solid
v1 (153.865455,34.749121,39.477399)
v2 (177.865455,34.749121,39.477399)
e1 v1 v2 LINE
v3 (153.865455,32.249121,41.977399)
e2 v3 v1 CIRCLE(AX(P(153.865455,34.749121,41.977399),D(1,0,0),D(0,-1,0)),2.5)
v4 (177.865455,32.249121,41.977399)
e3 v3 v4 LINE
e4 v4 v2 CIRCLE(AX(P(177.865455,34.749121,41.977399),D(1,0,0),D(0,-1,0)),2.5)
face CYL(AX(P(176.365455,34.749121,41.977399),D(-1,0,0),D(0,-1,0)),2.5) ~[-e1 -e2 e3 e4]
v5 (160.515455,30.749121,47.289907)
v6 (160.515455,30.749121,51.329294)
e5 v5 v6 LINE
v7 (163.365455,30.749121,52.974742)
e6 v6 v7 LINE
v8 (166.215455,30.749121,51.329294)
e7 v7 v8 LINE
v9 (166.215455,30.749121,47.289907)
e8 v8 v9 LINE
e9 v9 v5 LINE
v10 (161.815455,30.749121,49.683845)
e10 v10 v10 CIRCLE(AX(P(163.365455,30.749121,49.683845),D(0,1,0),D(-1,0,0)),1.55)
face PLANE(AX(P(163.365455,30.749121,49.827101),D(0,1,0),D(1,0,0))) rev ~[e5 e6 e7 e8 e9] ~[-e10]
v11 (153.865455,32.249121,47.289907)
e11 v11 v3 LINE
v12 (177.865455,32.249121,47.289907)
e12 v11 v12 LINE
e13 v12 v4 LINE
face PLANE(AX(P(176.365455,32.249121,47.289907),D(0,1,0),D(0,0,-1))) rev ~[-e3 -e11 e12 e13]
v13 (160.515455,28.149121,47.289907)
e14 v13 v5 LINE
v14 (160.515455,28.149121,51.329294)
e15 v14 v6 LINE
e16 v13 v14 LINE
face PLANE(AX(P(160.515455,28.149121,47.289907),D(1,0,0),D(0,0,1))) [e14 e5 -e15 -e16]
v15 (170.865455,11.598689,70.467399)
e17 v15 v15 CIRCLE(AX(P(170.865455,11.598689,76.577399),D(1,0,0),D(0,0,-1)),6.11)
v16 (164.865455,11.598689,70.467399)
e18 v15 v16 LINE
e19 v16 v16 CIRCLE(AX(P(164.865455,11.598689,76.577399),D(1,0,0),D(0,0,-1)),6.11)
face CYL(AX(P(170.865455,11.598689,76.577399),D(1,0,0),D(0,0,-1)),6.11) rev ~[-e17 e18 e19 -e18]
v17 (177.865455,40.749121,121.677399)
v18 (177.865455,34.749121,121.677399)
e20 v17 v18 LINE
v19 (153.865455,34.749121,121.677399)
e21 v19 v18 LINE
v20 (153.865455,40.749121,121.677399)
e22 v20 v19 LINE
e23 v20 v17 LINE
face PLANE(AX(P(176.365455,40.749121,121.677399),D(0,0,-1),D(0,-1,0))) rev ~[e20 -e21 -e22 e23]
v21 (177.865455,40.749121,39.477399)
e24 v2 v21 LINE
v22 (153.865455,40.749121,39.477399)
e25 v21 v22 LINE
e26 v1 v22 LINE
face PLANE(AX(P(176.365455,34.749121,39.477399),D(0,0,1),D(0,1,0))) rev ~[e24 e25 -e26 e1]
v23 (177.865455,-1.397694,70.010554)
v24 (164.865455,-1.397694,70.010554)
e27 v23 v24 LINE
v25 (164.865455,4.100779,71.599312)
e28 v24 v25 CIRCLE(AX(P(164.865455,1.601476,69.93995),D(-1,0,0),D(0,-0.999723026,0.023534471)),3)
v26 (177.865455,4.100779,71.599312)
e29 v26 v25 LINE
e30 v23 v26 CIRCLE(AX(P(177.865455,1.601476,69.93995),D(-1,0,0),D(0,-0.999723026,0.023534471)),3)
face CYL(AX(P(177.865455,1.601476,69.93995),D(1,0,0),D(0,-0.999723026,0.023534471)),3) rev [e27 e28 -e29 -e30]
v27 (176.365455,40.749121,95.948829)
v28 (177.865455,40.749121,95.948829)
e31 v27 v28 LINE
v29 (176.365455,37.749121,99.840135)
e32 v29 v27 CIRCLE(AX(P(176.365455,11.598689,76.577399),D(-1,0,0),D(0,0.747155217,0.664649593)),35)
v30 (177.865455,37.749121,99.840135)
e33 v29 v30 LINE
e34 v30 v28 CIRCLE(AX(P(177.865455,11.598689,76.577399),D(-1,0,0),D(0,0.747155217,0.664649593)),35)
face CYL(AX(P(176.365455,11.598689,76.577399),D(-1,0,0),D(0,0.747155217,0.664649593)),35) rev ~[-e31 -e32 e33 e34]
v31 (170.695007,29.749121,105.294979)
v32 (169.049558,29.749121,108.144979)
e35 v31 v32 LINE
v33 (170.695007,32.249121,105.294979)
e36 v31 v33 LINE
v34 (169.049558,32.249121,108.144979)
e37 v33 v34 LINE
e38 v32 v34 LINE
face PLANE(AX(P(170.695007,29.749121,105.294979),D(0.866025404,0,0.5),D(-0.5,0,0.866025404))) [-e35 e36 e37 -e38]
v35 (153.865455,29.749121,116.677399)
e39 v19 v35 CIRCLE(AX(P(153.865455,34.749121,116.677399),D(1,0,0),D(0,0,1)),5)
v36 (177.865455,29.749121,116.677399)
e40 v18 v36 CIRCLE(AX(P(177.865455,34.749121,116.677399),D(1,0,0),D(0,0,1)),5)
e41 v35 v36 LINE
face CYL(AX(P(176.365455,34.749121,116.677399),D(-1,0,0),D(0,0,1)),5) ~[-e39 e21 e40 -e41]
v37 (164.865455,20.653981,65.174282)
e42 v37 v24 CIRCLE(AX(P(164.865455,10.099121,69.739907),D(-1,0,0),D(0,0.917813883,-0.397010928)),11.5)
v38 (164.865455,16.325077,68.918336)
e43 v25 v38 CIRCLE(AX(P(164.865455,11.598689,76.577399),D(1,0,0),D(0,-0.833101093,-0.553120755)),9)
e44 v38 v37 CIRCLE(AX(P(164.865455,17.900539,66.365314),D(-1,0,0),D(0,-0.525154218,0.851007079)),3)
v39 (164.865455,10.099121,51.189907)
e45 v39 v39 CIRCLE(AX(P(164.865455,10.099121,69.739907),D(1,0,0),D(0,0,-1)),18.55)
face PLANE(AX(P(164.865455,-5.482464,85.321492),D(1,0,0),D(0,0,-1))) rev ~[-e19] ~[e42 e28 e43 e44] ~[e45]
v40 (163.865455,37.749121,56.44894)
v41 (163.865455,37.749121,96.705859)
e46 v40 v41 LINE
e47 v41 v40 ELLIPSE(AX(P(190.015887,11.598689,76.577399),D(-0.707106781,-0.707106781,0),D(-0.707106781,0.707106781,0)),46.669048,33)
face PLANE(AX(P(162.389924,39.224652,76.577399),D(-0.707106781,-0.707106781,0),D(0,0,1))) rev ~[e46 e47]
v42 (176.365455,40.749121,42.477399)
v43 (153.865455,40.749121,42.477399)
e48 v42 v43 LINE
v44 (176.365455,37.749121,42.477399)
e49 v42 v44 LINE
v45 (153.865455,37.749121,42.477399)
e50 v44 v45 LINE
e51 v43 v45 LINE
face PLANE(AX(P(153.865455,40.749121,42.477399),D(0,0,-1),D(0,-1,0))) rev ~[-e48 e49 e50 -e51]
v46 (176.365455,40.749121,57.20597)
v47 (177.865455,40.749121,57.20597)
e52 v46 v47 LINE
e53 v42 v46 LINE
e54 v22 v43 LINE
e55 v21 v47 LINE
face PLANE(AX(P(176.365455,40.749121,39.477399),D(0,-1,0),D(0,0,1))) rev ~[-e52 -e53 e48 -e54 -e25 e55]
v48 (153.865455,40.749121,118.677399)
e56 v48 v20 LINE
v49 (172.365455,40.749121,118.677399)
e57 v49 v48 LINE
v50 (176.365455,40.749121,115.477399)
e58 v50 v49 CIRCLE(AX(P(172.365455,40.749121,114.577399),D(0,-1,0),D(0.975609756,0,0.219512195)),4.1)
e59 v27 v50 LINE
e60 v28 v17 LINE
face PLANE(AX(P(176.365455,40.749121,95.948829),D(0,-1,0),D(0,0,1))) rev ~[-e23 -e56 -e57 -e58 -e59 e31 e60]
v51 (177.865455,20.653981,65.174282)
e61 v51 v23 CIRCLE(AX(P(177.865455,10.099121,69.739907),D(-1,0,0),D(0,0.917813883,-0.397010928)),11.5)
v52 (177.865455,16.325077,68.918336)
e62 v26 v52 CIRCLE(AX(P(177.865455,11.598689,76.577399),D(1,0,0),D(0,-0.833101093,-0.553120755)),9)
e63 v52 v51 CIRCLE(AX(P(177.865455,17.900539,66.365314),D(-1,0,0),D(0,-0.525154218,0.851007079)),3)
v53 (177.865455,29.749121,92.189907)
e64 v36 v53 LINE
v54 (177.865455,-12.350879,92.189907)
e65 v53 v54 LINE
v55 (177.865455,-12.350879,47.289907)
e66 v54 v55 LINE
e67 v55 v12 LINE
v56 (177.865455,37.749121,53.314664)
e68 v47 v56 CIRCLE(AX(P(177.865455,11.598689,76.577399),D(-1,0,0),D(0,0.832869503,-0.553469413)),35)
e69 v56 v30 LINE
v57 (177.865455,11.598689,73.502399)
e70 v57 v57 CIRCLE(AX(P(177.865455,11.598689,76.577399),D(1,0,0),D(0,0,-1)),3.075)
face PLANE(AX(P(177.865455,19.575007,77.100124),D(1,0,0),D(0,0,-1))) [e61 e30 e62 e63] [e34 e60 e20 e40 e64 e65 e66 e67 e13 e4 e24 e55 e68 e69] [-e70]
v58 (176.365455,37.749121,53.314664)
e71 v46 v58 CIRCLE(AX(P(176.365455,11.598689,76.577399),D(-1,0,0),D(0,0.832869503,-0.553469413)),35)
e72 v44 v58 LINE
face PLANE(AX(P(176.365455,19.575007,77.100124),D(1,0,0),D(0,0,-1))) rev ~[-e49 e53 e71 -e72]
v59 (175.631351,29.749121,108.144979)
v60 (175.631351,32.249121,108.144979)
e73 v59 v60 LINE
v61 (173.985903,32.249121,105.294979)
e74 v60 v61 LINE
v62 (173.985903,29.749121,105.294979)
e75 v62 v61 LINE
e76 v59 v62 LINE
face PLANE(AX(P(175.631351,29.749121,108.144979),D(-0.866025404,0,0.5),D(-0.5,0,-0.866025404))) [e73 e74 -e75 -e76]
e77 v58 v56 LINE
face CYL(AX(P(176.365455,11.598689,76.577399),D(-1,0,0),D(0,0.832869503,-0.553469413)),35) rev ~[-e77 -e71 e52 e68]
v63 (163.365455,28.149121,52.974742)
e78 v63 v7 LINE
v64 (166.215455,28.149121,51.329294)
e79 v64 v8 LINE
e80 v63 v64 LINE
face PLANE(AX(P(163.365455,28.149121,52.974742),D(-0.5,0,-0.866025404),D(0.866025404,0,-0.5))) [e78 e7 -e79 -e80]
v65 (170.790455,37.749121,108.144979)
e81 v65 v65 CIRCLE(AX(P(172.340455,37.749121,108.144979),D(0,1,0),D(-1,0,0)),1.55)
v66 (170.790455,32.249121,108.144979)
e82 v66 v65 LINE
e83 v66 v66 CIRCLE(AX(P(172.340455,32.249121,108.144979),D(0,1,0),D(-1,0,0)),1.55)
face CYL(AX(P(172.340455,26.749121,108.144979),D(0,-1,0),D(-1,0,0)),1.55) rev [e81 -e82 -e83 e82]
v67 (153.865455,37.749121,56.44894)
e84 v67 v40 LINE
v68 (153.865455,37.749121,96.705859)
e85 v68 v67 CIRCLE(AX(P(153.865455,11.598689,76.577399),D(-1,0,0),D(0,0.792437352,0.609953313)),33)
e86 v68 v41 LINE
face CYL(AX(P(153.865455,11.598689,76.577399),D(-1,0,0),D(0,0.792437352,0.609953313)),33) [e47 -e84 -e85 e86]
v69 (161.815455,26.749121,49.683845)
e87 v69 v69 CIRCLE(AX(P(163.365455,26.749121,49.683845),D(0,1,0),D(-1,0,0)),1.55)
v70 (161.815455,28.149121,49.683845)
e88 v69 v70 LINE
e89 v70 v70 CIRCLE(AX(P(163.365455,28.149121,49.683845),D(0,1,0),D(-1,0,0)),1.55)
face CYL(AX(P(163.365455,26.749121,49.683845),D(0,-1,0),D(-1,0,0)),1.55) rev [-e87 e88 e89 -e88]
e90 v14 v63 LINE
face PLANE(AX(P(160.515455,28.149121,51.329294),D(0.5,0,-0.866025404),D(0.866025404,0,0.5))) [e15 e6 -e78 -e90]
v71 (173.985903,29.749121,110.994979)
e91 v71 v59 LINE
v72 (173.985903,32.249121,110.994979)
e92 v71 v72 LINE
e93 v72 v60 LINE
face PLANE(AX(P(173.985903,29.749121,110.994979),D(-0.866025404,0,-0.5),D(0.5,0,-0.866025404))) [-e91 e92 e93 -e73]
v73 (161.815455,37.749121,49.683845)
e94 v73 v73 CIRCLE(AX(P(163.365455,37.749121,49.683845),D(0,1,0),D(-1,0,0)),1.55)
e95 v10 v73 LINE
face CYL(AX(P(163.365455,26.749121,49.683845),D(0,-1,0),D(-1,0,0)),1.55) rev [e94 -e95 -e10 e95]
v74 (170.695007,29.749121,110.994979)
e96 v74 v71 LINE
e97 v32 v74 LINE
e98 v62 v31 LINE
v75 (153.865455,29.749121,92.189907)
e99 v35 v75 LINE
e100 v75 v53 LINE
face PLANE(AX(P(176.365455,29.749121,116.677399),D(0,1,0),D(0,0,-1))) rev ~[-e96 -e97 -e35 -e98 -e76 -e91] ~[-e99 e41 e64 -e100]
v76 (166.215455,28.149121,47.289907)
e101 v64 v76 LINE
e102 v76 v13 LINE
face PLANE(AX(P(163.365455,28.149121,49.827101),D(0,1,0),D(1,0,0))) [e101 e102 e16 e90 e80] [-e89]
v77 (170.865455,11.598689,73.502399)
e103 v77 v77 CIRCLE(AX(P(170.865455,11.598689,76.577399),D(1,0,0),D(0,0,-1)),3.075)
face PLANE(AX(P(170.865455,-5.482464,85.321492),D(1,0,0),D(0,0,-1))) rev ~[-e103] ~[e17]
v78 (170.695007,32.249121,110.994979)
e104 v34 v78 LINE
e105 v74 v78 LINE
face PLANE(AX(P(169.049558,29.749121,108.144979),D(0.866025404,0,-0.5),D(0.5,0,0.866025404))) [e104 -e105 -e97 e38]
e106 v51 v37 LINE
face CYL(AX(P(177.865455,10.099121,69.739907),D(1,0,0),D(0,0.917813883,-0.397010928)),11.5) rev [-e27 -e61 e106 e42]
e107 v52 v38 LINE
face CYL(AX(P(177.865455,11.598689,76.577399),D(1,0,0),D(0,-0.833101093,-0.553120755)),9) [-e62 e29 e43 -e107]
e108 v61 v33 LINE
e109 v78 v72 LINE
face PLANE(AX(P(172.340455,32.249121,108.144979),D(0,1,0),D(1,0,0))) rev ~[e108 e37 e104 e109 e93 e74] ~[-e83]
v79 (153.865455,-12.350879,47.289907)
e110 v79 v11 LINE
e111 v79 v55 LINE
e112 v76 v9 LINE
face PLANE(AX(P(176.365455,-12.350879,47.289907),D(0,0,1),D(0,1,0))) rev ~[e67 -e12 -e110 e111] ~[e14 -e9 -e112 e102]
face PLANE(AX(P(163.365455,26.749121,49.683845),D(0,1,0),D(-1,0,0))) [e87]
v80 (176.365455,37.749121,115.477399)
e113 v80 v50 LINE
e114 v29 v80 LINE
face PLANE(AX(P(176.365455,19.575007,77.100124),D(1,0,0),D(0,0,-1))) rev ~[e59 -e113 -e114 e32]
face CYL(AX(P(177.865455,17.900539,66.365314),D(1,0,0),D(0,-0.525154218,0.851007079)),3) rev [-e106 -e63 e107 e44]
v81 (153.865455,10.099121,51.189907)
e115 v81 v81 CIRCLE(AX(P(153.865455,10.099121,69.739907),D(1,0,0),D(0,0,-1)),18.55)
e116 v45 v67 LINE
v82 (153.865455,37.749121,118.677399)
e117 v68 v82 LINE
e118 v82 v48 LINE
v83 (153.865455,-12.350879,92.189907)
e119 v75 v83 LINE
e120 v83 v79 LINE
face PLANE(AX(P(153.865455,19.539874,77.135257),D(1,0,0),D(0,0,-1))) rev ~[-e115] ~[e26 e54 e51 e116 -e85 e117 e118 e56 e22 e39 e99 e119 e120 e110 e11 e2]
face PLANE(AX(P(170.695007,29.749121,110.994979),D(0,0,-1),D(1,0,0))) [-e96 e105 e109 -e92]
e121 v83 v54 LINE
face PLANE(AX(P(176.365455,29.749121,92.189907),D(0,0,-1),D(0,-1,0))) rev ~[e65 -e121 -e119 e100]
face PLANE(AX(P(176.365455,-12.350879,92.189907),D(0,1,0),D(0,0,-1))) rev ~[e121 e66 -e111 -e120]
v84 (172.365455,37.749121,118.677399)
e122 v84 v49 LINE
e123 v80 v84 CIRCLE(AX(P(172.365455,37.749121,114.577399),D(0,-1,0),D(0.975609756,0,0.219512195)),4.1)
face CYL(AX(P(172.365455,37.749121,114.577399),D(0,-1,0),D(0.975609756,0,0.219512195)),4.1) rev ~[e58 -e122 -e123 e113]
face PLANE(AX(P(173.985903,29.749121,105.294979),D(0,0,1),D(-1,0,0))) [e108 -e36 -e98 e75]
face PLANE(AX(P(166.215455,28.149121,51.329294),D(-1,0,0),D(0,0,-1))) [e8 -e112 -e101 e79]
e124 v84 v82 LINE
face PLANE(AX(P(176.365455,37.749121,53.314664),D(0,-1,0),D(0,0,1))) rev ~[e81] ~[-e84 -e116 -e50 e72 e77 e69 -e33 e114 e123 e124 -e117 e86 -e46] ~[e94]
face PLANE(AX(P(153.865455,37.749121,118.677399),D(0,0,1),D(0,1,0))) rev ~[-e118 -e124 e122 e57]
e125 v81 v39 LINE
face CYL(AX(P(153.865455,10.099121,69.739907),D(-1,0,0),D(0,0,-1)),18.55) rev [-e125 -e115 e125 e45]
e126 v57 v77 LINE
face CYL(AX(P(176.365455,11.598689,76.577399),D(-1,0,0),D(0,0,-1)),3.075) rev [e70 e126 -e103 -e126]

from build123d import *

# Parameters (mm, degrees)
SKETCH1_R           = 22.45
SKETCH1_R_2         = 6.11
SKETCH1_R_3         = 18.55
SKETCH1_R_4         = 5.25
SKETCH1_R_5         = 3.075
BOSS_EXTRUDE1_DEPTH = 5.5
SKETCH1_3_R         = 22.45
SKETCH1_3_R_2       = 6.11
SKETCH1_3_R_3       = 18.55
BOSS_EXTRUDE2_DEPTH = 6
BOSS_EXTRUDE3_START = -17
SKETCH1_4_R         = 18.55
BOSS_EXTRUDE3_DEPTH = 11
BOSS_EXTRUDE4_DEPTH = 10
DRAFT1_ANGLE        = 45
BOSS_EXTRUDE5_DEPTH = 3
SKETCH4_R           = 3.075
BOSS_EXTRUDE6_DEPTH = 1.5
CUT_EXTRUDE1_START  = -11
SKETCH3_4_R         = 1.55
CUT_EXTRUDE1_DEPTH  = 11
CUT_EXTRUDE2_START  = -9.6
SKETCH3_5_R         = 1.55
CUT_EXTRUDE2_DEPTH  = 2.6
CUT_EXTRUDE3_START  = -8
SKETCH3_6_R         = 1.55
CUT_EXTRUDE3_DEPTH  = 2.5
CUT_EXTRUDE4_DEPTH  = 13


with BuildPart() as part:
    # Sketch1 → Boss-Extrude1 (new body)
    with BuildSketch(Plane(origin=(170.865454796, 0, 0), x_dir=(0, 0, -1), z_dir=(1, 0, 0))):
        with BuildLine():
            ThreePointArc((-69.739907234, -12.350878767), (-85.614454471, -5.775426005), (-92.189907234, 10.099121233))
            Line((-92.189907234, 10.099121233), (-92.189907234, -12.350878767))
            Line((-92.189907234, -12.350878767), (-69.739907234, -12.350878767))
        make_face()
        with BuildLine():
            Line((-116.677399291, 29.749121233), (-92.189907234, 29.749121233))
            Line((-92.189907234, 29.749121233), (-92.189907234, 10.099121233))
            ThreePointArc((-92.189907234, 10.099121233), (-69.739907234, 32.549121233), (-47.289907234, 10.099121233))
            Line((-47.289907234, 10.099121233), (-47.289907234, 32.249121233))
            Line((-47.289907234, 32.249121233), (-41.977399291, 32.249121233))
            ThreePointArc((-41.977399291, 32.249121233), (-40.209632338, 32.98135428), (-39.477399291, 34.749121233))
            Line((-39.477399291, 34.749121233), (-39.477399291, 40.749121233))
            Line((-39.477399291, 40.749121233), (-42.477399291, 40.749121233))
            Line((-42.477399291, 40.749121233), (-42.477399291, 37.749121233))
            Line((-42.477399291, 37.749121233), (-118.677399291, 37.749121233))
            Line((-118.677399291, 37.749121233), (-118.677399291, 40.749121233))
            Line((-118.677399291, 40.749121233), (-121.677399291, 40.749121233))
            Line((-121.677399291, 40.749121233), (-121.677399291, 34.749121233))
            ThreePointArc((-121.677399291, 34.749121233), (-120.212933197, 31.213587327), (-116.677399291, 29.749121233))
        make_face()
        with BuildLine():
            Line((-47.289907234, -12.350878767), (-47.289907234, 10.099121233))
            ThreePointArc((-47.289907234, 10.099121233), (-53.865359996, -5.775426005), (-69.739907234, -12.350878767))
            Line((-69.739907234, -12.350878767), (-47.289907234, -12.350878767))
        make_face()
        with Locations((-69.739907234, 10.099121233)):
            Circle(SKETCH1_R)
        with Locations((-76.577399291, 11.598688626)):
            Circle(SKETCH1_R_2, mode=Mode.SUBTRACT)
        with Locations((-69.739907234, 10.099121233)):
            Circle(SKETCH1_R_3)
        with Locations((-76.577399291, 11.598688626)):
            Circle(SKETCH1_R_2, mode=Mode.SUBTRACT)
        with Locations((-76.577399291, 11.598688626)):
            Circle(SKETCH1_R_2)
        with Locations((-76.577399291, 11.598688626)):
            Circle(SKETCH1_R_4, mode=Mode.SUBTRACT)
        with Locations((-76.577399291, 11.598688626)):
            Circle(SKETCH1_R_4)
        with Locations((-76.577399291, 11.598688626)):
            Circle(SKETCH1_R_5, mode=Mode.SUBTRACT)
    extrude(amount=BOSS_EXTRUDE1_DEPTH)

    # Sketch1<3> → Boss-Extrude2 (add)
    with BuildSketch(Plane(origin=(170.865454796, 0, 0), x_dir=(0, 0, -1), z_dir=(1, 0, 0))):
        with BuildLine():
            ThreePointArc((-69.739907234, -12.350878767), (-85.614454471, -5.775426005), (-92.189907234, 10.099121233))
            Line((-92.189907234, 10.099121233), (-92.189907234, -12.350878767))
            Line((-92.189907234, -12.350878767), (-69.739907234, -12.350878767))
        make_face()
        with BuildLine():
            Line((-47.289907234, -12.350878767), (-47.289907234, 10.099121233))
            ThreePointArc((-47.289907234, 10.099121233), (-53.865359996, -5.775426005), (-69.739907234, -12.350878767))
            Line((-69.739907234, -12.350878767), (-47.289907234, -12.350878767))
        make_face()
        with BuildLine():
            Line((-116.677399291, 29.749121233), (-92.189907234, 29.749121233))
            Line((-92.189907234, 29.749121233), (-92.189907234, 10.099121233))
            ThreePointArc((-92.189907234, 10.099121233), (-69.739907234, 32.549121233), (-47.289907234, 10.099121233))
            Line((-47.289907234, 10.099121233), (-47.289907234, 32.249121233))
            Line((-47.289907234, 32.249121233), (-41.977399291, 32.249121233))
            ThreePointArc((-41.977399291, 32.249121233), (-40.209632338, 32.98135428), (-39.477399291, 34.749121233))
            Line((-39.477399291, 34.749121233), (-39.477399291, 40.749121233))
            Line((-39.477399291, 40.749121233), (-42.477399291, 40.749121233))
            Line((-42.477399291, 40.749121233), (-42.477399291, 37.749121233))
            Line((-42.477399291, 37.749121233), (-118.677399291, 37.749121233))
            Line((-118.677399291, 37.749121233), (-118.677399291, 40.749121233))
            Line((-118.677399291, 40.749121233), (-121.677399291, 40.749121233))
            Line((-121.677399291, 40.749121233), (-121.677399291, 34.749121233))
            ThreePointArc((-121.677399291, 34.749121233), (-120.212933197, 31.213587327), (-116.677399291, 29.749121233))
        make_face()
        with Locations((-69.739907234, 10.099121233)):
            Circle(SKETCH1_3_R)
        with Locations((-76.577399291, 11.598688626)):
            Circle(SKETCH1_3_R_2, mode=Mode.SUBTRACT)
        with Locations((-69.739907234, 10.099121233)):
            Circle(SKETCH1_3_R_3)
        with Locations((-76.577399291, 11.598688626)):
            Circle(SKETCH1_3_R_2, mode=Mode.SUBTRACT)
    extrude(amount=-BOSS_EXTRUDE2_DEPTH)

    # Sketch1<4> → Boss-Extrude3 (add)
    with BuildSketch(Plane(origin=(170.865454796, 0, 0), x_dir=(0, 0, -1), z_dir=(1, 0, 0)).offset(BOSS_EXTRUDE3_START)):
        with BuildLine():
            Line((-116.677399291, 29.749121233), (-92.189907234, 29.749121233))
            Line((-92.189907234, 29.749121233), (-92.189907234, -12.350878767))
            Line((-92.189907234, -12.350878767), (-47.289907234, -12.350878767))
            Line((-47.289907234, -12.350878767), (-47.289907234, 32.249121233))
            Line((-47.289907234, 32.249121233), (-41.977399291, 32.249121233))
            ThreePointArc((-41.977399291, 32.249121233), (-40.209632338, 32.98135428), (-39.477399291, 34.749121233))
            Line((-39.477399291, 34.749121233), (-39.477399291, 40.749121233))
            Line((-39.477399291, 40.749121233), (-42.477399291, 40.749121233))
            Line((-42.477399291, 40.749121233), (-42.477399291, 37.749121233))
            Line((-42.477399291, 37.749121233), (-118.677399291, 37.749121233))
            Line((-118.677399291, 37.749121233), (-118.677399291, 40.749121233))
            Line((-118.677399291, 40.749121233), (-121.677399291, 40.749121233))
            Line((-121.677399291, 40.749121233), (-121.677399291, 34.749121233))
            ThreePointArc((-121.677399291, 34.749121233), (-120.212933197, 31.213587327), (-116.677399291, 29.749121233))
        make_face()
        with Locations((-69.739907234, 10.099121233)):
            Circle(SKETCH1_4_R, mode=Mode.SUBTRACT)
    extrude(amount=BOSS_EXTRUDE3_DEPTH)

    # Sketch2 → Boss-Extrude4 (add)
    with BuildSketch(Plane.ZY.offset(-153.865454796)):
        with BuildLine():
            Line((56.448939974, 37.749121233), (96.705858608, 37.749121233))
            ThreePointArc((96.705858608, 37.749121233), (76.577399291, 44.598688626), (56.448939974, 37.749121233))
        make_face()
    extrude(amount=-BOSS_EXTRUDE4_DEPTH)

    # Draft1
    draft1_faces = [part.faces().sort_by_distance(p)[0] for p in [
        (163.865454796, 40.514883149, 76.577399291),
    ]]
    draft(draft1_faces, Plane(origin=(274.224792623, 37.749121233, 0), x_dir=(1, 0, 0), z_dir=(0, 1, 0)), DRAFT1_ANGLE)

    # Sketch3 → Boss-Extrude5 (add)
    with BuildSketch(Plane(origin=(0, 37.749121233, 0), x_dir=(1, 0, 0), z_dir=(0, 1, 0))):
        with BuildLine():
            Line((176.365454796, -118.677399291), (176.365454796, -115.477399292))
            ThreePointArc((176.365454796, -115.477399292), (174.926704491, -117.77896141), (172.365454796, -118.677399291))
            Line((172.365454796, -118.677399291), (176.365454796, -118.677399291))
        make_face()
    extrude(amount=BOSS_EXTRUDE5_DEPTH)

    # Sketch4 → Boss-Extrude6 (add)
    with BuildSketch(Plane(origin=(176.365454796, 0, 0), x_dir=(0, 0, -1), z_dir=(1, 0, 0))):
        with BuildLine():
            Line((-115.477399292, 37.749121233), (-115.477399292, 40.749121233))
            Line((-115.477399292, 40.749121233), (-121.677399291, 40.749121233))
            Line((-121.677399291, 40.749121233), (-121.677399291, 34.749121233))
            ThreePointArc((-121.677399291, 34.749121233), (-120.212933197, 31.213587327), (-116.677399291, 29.749121233))
            Line((-116.677399291, 29.749121233), (-92.189907234, 29.749121233))
            Line((-92.189907234, 29.749121233), (-92.189907234, -12.350878767))
            Line((-92.189907234, -12.350878767), (-47.289907234, -12.350878767))
            Line((-47.289907234, -12.350878767), (-47.289907234, 32.249121233))
            Line((-47.289907234, 32.249121233), (-41.977399291, 32.249121233))
            ThreePointArc((-41.977399291, 32.249121233), (-40.209632338, 32.98135428), (-39.477399291, 34.749121233))
            Line((-39.477399291, 34.749121233), (-39.477399291, 40.749121233))
            Line((-39.477399291, 40.749121233), (-42.477399291, 40.749121233))
            Line((-42.477399291, 40.749121233), (-42.477399291, 37.749121233))
            Line((-42.477399291, 37.749121233), (-53.314663543, 37.749121233))
            Line((-53.314663543, 37.749121233), (-99.840135039, 37.749121233))
            Line((-99.840135039, 37.749121233), (-115.477399292, 37.749121233))
        make_face()
        with Locations((-76.577399291, 11.598688626)):
            Circle(SKETCH4_R, mode=Mode.SUBTRACT)
        with BuildLine():
            Line((-95.948828739, 40.749121233), (-115.477399292, 40.749121233))
            Line((-115.477399292, 40.749121233), (-115.477399292, 37.749121233))
            Line((-115.477399292, 37.749121233), (-99.840135039, 37.749121233))
            ThreePointArc((-99.840135039, 37.749121233), (-97.9471913, 39.31749072), (-95.948828739, 40.749121233))
        make_face()
        with BuildLine():
            ThreePointArc((-57.205969843, 40.749121233), (-55.207607282, 39.31749072), (-53.314663543, 37.749121233))
            Line((-53.314663543, 37.749121233), (-42.477399291, 37.749121233))
            Line((-42.477399291, 37.749121233), (-42.477399291, 40.749121233))
            Line((-42.477399291, 40.749121233), (-57.205969843, 40.749121233))
        make_face()
    extrude(amount=BOSS_EXTRUDE6_DEPTH)

    # Sketch3<4> → Cut-Extrude1 (cut)
    with BuildSketch(Plane(origin=(0, 37.749121233, 0), x_dir=(1, 0, 0), z_dir=(0, 1, 0)).offset(CUT_EXTRUDE1_START)):
        with Locations(Location((172.340454796, -108.144978953, 0), (0, 0, 180))):
            Circle(SKETCH3_4_R)
        with Locations(Location((163.365454796, -49.683845424, 0), (0, 0, 180))):
            Circle(SKETCH3_4_R)
    extrude(amount=CUT_EXTRUDE1_DEPTH, mode=Mode.SUBTRACT)

    # Sketch3<5> → Cut-Extrude2 (cut)
    with BuildSketch(Plane(origin=(0, 37.749121233, 0), x_dir=(1, 0, 0), z_dir=(0, 1, 0)).offset(CUT_EXTRUDE2_START)):
        Polygon((164.91903222, -47.289907234), (161.811877372, -47.289907234), (160.515454796, -48.038397157), (160.515454796, -51.329293692), (163.365454796, -52.974741959), (166.215454796, -51.329293692), (166.215454796, -48.038397157), align=None)
        with Locations(Location((163.365454796, -49.683845424, 0), (0, 0, 180))):
            Circle(SKETCH3_5_R, mode=Mode.SUBTRACT)
        Polygon((166.215454796, -47.289907234), (164.91903222, -47.289907234), (166.215454796, -48.038397157), align=None)
        Polygon((160.515454796, -48.038397157), (161.811877372, -47.289907234), (160.515454796, -47.289907234), align=None)
    extrude(amount=CUT_EXTRUDE2_DEPTH, mode=Mode.SUBTRACT)

    # Sketch3<6> → Cut-Extrude3 (cut)
    with BuildSketch(Plane(origin=(0, 37.749121233, 0), x_dir=(1, 0, 0), z_dir=(0, 1, 0)).offset(CUT_EXTRUDE3_START)):
        Polygon((170.695006529, -110.994978953), (173.985903063, -110.994978953), (175.63135133, -108.144978953), (173.985903063, -105.294978953), (170.695006529, -105.294978953), (169.049558261, -108.144978953), align=None)
        with Locations(Location((172.340454796, -108.144978953, 0), (0, 0, 180))):
            Circle(SKETCH3_6_R, mode=Mode.SUBTRACT)
    extrude(amount=CUT_EXTRUDE3_DEPTH, mode=Mode.SUBTRACT)

    # Sketch5 → Cut-Extrude4 (cut)
    with BuildSketch(Plane(origin=(177.865454796, 0, 0), x_dir=(0, 0, -1), z_dir=(1, 0, 0))):
        with BuildLine():
            ThreePointArc((-65.174281564, 20.653980883), (-58.506884568, 7.635546229), (-70.01055365, -1.397693566))
            ThreePointArc((-70.01055365, -1.397693566), (-72.822049276, 0.768705961), (-71.5993125, 4.100778791))
            ThreePointArc((-71.5993125, 4.100778791), (-67.786338075, 9.670673406), (-68.918335583, 16.325076583))
            ThreePointArc((-68.918335583, 16.325076583), (-68.634368389, 19.863036052), (-65.174281564, 20.653980883))
        make_face()
    extrude(amount=-CUT_EXTRUDE4_DEPTH, mode=Mode.SUBTRACT)


solid = part.part
